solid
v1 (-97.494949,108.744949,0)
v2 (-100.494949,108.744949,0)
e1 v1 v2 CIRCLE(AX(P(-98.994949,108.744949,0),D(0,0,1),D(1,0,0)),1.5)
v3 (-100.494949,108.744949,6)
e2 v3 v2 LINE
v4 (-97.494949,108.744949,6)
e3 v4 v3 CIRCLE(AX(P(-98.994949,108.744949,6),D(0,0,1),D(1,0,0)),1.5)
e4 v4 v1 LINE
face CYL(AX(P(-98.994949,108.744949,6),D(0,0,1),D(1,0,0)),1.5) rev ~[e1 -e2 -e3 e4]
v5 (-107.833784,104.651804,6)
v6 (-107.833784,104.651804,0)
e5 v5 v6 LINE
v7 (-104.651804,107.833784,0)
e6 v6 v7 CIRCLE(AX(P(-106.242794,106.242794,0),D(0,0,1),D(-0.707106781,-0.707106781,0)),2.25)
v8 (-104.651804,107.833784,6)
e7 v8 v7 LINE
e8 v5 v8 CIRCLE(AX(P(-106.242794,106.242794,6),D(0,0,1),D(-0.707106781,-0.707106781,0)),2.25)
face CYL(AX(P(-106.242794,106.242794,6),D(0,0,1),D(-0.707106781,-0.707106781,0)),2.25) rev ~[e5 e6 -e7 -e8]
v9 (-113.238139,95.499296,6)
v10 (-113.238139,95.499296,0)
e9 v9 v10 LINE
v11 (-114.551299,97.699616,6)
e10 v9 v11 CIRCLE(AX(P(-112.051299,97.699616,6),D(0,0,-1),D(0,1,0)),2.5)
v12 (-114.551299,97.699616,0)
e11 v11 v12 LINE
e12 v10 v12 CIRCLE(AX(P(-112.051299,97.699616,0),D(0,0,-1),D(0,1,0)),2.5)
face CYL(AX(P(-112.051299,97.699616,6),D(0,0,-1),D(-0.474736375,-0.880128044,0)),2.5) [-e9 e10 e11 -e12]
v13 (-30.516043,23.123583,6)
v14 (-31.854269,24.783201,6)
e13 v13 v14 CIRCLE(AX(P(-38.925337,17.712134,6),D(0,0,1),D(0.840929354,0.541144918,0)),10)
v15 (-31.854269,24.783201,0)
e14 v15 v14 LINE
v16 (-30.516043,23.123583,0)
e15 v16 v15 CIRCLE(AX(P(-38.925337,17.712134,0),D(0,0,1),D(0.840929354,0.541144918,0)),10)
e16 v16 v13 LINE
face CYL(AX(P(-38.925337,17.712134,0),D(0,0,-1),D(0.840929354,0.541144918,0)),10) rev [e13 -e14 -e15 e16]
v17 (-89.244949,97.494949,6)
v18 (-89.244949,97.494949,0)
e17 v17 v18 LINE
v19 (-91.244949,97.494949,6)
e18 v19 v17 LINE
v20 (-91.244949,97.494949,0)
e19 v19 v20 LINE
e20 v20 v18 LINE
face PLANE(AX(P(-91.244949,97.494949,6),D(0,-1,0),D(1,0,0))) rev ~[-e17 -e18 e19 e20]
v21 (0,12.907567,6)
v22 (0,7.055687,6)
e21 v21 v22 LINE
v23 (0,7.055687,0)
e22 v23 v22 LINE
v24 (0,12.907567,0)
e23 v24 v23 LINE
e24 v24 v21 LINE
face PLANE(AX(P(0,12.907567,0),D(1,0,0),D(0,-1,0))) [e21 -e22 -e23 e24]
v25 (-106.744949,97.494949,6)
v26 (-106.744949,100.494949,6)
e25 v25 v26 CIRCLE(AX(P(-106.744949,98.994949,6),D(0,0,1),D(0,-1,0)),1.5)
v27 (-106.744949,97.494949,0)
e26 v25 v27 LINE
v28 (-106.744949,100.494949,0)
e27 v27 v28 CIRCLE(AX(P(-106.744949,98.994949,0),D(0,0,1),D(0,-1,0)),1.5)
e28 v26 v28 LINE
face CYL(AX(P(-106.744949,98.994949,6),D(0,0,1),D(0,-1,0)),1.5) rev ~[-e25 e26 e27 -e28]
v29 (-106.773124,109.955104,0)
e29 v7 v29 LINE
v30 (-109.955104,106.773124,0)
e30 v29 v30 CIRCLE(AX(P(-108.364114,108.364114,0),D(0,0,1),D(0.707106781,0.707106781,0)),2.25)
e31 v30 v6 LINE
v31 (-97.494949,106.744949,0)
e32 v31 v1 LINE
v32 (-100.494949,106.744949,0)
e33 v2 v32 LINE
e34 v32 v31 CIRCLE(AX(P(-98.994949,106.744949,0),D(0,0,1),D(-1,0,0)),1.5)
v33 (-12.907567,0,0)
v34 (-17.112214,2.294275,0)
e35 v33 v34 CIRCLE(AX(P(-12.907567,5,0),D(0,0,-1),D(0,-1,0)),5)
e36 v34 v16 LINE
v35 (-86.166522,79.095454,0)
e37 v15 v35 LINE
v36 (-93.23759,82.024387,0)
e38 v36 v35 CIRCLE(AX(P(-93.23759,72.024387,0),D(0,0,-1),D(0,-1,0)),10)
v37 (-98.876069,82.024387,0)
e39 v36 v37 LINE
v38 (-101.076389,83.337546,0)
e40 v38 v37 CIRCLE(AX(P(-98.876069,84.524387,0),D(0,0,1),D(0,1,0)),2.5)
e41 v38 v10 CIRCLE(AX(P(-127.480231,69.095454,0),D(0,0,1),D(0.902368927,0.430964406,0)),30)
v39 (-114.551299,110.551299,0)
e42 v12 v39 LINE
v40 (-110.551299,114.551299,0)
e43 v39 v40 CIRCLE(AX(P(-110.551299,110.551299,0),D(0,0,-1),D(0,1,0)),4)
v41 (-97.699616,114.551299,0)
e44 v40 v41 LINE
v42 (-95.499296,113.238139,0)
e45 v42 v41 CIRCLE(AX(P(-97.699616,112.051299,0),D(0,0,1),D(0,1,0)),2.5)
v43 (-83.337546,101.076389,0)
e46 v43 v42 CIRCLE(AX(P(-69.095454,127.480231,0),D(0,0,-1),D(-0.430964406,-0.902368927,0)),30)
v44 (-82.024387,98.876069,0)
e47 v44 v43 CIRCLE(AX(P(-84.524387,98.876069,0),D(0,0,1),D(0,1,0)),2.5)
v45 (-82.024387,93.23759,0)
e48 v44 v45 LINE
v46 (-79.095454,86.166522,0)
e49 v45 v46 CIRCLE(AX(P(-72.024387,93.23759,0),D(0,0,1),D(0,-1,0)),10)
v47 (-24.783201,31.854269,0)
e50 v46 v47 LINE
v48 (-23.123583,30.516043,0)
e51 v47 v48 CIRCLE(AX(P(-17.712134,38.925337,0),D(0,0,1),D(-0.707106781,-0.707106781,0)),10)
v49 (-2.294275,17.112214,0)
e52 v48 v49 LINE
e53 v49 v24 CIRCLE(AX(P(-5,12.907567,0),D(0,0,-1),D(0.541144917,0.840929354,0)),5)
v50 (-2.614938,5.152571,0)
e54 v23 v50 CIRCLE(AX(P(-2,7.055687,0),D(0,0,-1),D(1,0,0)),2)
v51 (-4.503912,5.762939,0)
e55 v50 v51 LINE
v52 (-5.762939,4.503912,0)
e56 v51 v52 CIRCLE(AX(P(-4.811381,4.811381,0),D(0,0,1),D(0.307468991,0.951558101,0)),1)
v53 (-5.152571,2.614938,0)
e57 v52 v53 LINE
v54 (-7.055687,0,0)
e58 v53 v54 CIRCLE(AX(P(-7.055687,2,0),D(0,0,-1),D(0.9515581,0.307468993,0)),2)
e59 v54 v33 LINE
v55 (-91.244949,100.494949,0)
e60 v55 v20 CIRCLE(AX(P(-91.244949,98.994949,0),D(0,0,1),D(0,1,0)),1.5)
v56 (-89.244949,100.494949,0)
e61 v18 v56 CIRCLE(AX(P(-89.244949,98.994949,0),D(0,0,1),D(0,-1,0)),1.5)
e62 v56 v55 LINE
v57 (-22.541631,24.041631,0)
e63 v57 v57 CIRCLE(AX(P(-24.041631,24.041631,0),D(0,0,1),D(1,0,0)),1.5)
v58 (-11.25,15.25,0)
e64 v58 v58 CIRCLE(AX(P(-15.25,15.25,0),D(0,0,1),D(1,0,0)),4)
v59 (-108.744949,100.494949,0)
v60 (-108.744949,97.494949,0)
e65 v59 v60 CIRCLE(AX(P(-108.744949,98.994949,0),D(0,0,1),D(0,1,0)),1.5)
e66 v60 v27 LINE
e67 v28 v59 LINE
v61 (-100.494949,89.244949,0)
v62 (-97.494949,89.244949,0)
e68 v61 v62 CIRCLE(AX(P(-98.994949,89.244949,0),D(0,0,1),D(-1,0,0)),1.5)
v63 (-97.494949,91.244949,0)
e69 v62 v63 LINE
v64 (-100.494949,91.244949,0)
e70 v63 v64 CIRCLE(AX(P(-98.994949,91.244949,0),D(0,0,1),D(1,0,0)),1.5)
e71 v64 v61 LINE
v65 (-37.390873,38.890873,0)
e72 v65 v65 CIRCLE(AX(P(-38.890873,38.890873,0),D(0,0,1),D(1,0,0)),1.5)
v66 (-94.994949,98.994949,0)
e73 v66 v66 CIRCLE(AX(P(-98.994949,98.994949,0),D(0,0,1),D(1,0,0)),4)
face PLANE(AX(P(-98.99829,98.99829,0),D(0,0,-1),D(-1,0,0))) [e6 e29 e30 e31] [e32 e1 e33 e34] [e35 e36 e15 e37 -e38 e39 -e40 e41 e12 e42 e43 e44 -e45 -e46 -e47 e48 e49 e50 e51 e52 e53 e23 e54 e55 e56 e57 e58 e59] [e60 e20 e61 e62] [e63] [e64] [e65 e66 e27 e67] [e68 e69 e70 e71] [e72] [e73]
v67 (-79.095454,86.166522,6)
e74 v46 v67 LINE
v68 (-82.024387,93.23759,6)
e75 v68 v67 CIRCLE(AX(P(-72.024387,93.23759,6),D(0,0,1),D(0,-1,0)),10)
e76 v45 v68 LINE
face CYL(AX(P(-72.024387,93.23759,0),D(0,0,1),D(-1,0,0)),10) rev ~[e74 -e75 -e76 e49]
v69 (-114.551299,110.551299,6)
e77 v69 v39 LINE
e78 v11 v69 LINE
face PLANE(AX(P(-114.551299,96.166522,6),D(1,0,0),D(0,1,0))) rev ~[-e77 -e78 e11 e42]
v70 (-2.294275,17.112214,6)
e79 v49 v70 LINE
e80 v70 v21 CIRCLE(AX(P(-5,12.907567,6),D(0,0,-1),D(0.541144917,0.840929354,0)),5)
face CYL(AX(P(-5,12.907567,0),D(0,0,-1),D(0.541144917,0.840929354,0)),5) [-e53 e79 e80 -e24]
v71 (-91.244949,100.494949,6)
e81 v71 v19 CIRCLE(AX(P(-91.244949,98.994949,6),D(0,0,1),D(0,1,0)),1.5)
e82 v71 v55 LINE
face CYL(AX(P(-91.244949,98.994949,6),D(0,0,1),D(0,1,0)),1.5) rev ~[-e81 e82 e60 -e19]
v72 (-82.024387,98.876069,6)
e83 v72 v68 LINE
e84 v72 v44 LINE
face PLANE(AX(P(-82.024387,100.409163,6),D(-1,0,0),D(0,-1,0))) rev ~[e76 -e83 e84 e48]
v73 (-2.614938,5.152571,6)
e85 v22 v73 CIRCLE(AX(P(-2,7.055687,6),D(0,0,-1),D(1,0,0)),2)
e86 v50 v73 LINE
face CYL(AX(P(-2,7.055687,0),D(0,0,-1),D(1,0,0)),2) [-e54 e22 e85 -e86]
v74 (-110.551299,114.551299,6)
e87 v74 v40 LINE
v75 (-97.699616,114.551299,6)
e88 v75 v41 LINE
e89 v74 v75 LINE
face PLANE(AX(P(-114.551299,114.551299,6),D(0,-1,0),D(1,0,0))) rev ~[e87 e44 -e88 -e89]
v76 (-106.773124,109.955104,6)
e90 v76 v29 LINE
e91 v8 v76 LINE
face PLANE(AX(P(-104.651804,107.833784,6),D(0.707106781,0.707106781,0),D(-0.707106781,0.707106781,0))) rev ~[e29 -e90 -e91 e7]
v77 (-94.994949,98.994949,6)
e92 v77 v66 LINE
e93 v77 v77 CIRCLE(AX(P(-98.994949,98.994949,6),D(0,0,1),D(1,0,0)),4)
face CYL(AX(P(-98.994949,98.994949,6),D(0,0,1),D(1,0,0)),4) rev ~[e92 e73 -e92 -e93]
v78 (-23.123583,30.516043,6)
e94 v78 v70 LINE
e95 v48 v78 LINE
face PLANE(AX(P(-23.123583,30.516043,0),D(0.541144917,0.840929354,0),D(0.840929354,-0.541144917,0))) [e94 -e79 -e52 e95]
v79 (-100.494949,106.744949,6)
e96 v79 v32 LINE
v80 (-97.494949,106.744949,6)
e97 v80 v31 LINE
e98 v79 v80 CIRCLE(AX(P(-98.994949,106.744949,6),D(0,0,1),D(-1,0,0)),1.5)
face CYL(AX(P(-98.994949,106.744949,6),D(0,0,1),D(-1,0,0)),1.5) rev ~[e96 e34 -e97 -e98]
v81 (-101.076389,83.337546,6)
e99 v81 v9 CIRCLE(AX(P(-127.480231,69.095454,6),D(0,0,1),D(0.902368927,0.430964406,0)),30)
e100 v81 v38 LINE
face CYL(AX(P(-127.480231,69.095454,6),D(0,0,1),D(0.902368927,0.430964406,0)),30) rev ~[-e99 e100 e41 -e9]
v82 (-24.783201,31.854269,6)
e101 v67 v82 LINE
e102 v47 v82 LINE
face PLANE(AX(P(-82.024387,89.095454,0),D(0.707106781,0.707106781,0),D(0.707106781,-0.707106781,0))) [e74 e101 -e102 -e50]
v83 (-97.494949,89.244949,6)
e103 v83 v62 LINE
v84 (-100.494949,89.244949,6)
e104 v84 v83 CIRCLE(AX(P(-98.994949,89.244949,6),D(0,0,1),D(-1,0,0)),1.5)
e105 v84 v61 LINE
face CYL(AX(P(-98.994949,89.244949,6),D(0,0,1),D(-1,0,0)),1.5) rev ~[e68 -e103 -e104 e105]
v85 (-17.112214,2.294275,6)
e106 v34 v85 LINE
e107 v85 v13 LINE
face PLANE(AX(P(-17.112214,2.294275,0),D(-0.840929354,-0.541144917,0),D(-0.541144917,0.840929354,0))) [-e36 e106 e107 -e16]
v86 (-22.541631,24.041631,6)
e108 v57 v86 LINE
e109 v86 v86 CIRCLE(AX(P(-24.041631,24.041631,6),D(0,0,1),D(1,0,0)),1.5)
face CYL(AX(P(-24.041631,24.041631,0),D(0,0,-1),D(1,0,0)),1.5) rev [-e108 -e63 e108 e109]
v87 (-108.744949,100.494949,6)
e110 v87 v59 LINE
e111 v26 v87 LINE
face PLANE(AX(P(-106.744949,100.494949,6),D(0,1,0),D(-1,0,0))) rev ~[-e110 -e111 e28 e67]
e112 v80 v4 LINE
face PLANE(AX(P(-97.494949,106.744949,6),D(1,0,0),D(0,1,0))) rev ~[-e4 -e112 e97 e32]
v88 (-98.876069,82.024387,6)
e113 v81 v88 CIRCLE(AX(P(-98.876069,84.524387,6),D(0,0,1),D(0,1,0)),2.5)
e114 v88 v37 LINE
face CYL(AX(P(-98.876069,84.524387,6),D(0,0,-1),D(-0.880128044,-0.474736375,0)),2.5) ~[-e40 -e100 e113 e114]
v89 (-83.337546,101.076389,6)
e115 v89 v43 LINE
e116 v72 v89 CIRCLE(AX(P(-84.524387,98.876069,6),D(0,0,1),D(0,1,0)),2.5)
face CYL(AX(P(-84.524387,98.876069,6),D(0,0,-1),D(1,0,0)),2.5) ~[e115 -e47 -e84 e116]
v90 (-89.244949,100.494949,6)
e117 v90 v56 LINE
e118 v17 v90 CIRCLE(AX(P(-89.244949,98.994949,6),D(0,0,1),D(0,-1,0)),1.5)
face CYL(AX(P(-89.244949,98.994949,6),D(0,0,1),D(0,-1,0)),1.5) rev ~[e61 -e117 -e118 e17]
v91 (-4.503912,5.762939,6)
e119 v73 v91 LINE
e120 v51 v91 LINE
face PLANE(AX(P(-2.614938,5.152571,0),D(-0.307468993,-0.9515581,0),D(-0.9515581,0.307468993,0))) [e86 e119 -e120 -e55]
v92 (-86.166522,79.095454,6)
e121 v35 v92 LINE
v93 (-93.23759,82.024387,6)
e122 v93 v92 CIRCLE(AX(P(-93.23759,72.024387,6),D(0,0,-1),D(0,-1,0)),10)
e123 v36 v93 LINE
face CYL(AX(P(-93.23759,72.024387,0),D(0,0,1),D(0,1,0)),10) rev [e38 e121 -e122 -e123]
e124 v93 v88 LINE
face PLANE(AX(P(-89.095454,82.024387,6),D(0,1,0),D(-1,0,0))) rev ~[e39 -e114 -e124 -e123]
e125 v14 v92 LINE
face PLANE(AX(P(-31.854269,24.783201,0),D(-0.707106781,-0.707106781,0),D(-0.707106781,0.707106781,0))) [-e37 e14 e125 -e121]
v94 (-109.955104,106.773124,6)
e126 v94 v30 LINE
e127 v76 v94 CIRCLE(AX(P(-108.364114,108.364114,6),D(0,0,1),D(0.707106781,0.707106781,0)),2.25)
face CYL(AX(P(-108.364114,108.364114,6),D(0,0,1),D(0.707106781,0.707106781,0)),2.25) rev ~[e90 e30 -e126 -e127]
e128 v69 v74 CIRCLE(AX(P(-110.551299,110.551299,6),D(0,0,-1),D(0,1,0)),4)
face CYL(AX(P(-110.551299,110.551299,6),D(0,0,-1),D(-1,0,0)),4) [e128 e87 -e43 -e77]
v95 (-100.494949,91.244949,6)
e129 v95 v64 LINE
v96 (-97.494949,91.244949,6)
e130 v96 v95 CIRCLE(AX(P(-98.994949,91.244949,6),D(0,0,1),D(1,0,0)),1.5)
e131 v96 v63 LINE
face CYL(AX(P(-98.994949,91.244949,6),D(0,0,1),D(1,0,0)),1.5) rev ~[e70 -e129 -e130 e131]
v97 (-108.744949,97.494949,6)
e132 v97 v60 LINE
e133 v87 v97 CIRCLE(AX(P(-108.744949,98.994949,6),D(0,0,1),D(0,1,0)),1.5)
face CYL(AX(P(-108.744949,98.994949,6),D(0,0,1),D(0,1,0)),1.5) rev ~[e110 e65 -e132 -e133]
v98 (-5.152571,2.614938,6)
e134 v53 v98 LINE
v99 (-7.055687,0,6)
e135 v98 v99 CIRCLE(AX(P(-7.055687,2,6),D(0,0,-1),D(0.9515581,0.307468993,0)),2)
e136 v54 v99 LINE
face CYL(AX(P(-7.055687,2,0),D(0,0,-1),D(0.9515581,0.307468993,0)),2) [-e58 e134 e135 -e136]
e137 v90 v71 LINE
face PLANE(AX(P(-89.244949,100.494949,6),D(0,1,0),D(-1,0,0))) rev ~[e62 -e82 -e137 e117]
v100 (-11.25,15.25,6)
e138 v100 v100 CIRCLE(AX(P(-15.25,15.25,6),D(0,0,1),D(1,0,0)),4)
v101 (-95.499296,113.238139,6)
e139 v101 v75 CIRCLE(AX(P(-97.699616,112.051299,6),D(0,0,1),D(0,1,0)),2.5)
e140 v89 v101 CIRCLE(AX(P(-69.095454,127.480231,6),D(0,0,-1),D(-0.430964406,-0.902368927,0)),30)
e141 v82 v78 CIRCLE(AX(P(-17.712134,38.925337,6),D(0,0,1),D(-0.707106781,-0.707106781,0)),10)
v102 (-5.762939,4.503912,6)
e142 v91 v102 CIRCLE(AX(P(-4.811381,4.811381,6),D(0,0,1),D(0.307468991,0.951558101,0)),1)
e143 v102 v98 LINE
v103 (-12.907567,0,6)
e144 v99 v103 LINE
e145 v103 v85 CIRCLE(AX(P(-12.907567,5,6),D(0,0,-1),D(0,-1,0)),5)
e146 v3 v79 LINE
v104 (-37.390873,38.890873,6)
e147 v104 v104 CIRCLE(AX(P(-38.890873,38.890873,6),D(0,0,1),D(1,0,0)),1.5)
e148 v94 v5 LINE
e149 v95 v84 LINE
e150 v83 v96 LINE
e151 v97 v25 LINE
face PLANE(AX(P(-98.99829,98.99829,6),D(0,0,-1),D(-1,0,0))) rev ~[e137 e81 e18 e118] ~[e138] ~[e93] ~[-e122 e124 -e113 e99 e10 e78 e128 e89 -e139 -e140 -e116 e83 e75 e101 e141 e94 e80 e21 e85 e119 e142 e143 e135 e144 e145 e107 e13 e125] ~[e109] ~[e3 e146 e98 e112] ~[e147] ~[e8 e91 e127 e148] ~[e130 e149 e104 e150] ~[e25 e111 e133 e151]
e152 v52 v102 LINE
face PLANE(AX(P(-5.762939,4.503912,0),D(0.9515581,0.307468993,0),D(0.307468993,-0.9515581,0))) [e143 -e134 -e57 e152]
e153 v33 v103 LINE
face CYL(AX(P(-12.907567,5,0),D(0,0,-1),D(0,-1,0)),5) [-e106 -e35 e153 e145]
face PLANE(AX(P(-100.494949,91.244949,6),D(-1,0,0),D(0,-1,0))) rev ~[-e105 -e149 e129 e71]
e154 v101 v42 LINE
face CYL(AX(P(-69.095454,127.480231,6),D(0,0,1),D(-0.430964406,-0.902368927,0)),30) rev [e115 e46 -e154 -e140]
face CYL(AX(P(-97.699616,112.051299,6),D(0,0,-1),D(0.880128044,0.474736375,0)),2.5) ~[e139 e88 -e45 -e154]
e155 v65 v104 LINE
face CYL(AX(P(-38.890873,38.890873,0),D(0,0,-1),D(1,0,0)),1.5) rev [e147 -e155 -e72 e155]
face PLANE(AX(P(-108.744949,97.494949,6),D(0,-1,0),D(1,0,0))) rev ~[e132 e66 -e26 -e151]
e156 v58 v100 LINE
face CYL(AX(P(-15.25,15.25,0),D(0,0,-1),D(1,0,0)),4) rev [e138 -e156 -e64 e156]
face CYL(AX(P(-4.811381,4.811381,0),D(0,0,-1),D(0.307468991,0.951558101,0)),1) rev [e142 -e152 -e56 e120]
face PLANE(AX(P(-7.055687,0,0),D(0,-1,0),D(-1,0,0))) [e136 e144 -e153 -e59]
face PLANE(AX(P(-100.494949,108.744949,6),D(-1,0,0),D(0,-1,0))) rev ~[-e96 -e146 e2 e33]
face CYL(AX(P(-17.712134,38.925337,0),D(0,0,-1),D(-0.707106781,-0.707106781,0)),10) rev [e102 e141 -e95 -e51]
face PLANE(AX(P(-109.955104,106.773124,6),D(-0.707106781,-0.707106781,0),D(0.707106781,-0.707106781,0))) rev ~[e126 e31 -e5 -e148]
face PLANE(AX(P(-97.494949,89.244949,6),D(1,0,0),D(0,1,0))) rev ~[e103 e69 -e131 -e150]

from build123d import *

# Parameters (mm, degrees)
CROQUIS1_R              = 1.5
CROQUIS1_R_2            = 4
SALIENTE_EXTRUIR1_DEPTH = 6
CROQUIS4_R              = 4
SALIENTE_EXTRUIR3_DEPTH = 6
CORTAR_EXTRUIR1_DEPTH   = 6
REDONDEO3_R             = 4
CORTAR_EXTRUIR2_DEPTH   = 6
REDONDEO4_R             = 2.5
REDONDEO6_R             = 10


with BuildPart() as part:
    # Croquis1 → Saliente-Extruir1 (new body)
    with BuildSketch(Plane.XY):
        with BuildLine():
            Line((-17.112213819, 2.294275414), (-30.516043414, 23.123582692))
            ThreePointArc((-30.516043414, 23.123582692), (-31.14080226, 23.989156666), (-31.854269143, 24.783201331))
            Line((-31.854269143, 24.783201331), (-45.961940777, 38.890872965))
            Line((-45.961940777, 38.890872965), (-89.09545443, 82.024386618))
            Line((-89.09545443, 82.024386618), (-82.024386618, 89.09545443))
            Line((-82.024386618, 89.09545443), (-38.890872965, 45.961940777))
            Line((-38.890872965, 45.961940777), (-24.783201331, 31.854269143))
            ThreePointArc((-24.783201331, 31.854269143), (-23.989156666, 31.14080226), (-23.123582692, 30.516043414))
            Line((-23.123582692, 30.516043414), (-2.294275414, 17.112213819))
            ThreePointArc((-2.294275414, 17.112213819), (-0.610887166, 15.302496804), (0, 12.907567049))
            Line((0, 12.907567049), (0, 7.055686841))
            ThreePointArc((0, 7.055686841), (-0.823113423, 5.438609853), (-2.614937985, 5.15257064))
            Line((-2.614937985, 5.15257064), (-4.503911831, 5.762938925))
            ThreePointArc((-4.503911831, 5.762938925), (-5.518487605, 5.518487605), (-5.762938925, 4.503911831))
            Line((-5.762938925, 4.503911831), (-5.15257064, 2.614937985))
            ThreePointArc((-5.15257064, 2.614937985), (-5.438609853, 0.823113423), (-7.055686841, 0))
            Line((-7.055686841, 0), (-12.907567049, 0))
            ThreePointArc((-12.907567049, 0), (-15.302496804, 0.610887166), (-17.112213819, 2.294275414))
        make_face()
        with Locations((-38.890872965, 38.890872965)):
            Circle(CROQUIS1_R, mode=Mode.SUBTRACT)
        with Locations((-24.04163056, 24.04163056)):
            Circle(CROQUIS1_R, mode=Mode.SUBTRACT)
        with Locations((-15.25, 15.25)):
            Circle(CROQUIS1_R_2, mode=Mode.SUBTRACT)
    extrude(amount=SALIENTE_EXTRUIR1_DEPTH)

    # Croquis4 → Saliente-Extruir3 (add)
    with BuildSketch(Plane.XY.offset(6)):
        Polygon((-89.09545443, 82.024386618), (-100.409162928, 82.024386618), (-114.551298552, 96.166522241), (-114.551298552, 114.551298552), (-96.166522241, 114.551298552), (-82.024386618, 100.409162928), (-82.024386618, 89.09545443), align=None)
        with Locations((-98.994949366, 98.994949366)):
            Circle(CROQUIS4_R, mode=Mode.SUBTRACT)
    extrude(amount=-SALIENTE_EXTRUIR3_DEPTH)

    # Croquis5 → Cortar-Extruir1 (cut)
    with BuildSketch(Plane.XY.offset(6)):
        with BuildLine():
            Line((-109.955104475, 106.773123959), (-107.833784131, 104.651803616))
            ThreePointArc((-107.833784131, 104.651803616), (-104.651803616, 104.651803616), (-104.651803616, 107.833784131))
            Line((-104.651803616, 107.833784131), (-106.773123959, 109.955104475))
            ThreePointArc((-106.773123959, 109.955104475), (-109.955104475, 109.955104475), (-109.955104475, 106.773123959))
        make_face()
        with BuildLine():
            Line((-100.494949366, 91.244949366), (-100.494949366, 89.244949366))
            ThreePointArc((-100.494949366, 89.244949366), (-98.994949366, 87.744949366), (-97.494949366, 89.244949366))
            Line((-97.494949366, 89.244949366), (-97.494949366, 91.244949366))
            ThreePointArc((-97.494949366, 91.244949366), (-98.994949366, 92.744949366), (-100.494949366, 91.244949366))
        make_face()
        with BuildLine():
            Line((-91.244949366, 97.494949366), (-89.244949366, 97.494949366))
            ThreePointArc((-89.244949366, 97.494949366), (-87.744949366, 98.994949366), (-89.244949366, 100.494949366))
            Line((-89.244949366, 100.494949366), (-91.244949366, 100.494949366))
            ThreePointArc((-91.244949366, 100.494949366), (-92.744949366, 98.994949366), (-91.244949366, 97.494949366))
        make_face()
        with BuildLine():
            Line((-106.744949366, 100.494949366), (-108.744949366, 100.494949366))
            ThreePointArc((-108.744949366, 100.494949366), (-110.244949366, 98.994949366), (-108.744949366, 97.494949366))
            Line((-108.744949366, 97.494949366), (-106.744949366, 97.494949366))
            ThreePointArc((-106.744949366, 97.494949366), (-105.244949366, 98.994949366), (-106.744949366, 100.494949366))
        make_face()
        with BuildLine():
            Line((-97.494949366, 106.744949366), (-97.494949366, 108.744949366))
            ThreePointArc((-97.494949366, 108.744949366), (-98.994949366, 110.244949366), (-100.494949366, 108.744949366))
            Line((-100.494949366, 108.744949366), (-100.494949366, 106.744949366))
            ThreePointArc((-100.494949366, 106.744949366), (-98.994949366, 105.244949366), (-97.494949366, 106.744949366))
        make_face()
    extrude(amount=-CORTAR_EXTRUIR1_DEPTH, mode=Mode.SUBTRACT)

    # Redondeo3
    redondeo3_edges = [part.edges().sort_by_distance(p)[0] for p in [
        (-114.551298552, 114.551298552, 3),
    ]]
    fillet(redondeo3_edges, radius=REDONDEO3_R)

    # Croquis7 → Cortar-Extruir2 (cut)
    with BuildSketch(Plane.XY.offset(6)):
        with BuildLine():
            Line((-114.551298552, 96.166522241), (-100.409162928, 82.024386618))
            ThreePointArc((-100.409162928, 82.024386618), (-106.267027305, 90.308657865), (-114.551298552, 96.166522241))
        make_face()
        with BuildLine():
            Line((-96.166522241, 114.551298552), (-82.024386618, 100.409162928))
            ThreePointArc((-82.024386618, 100.409162928), (-90.308657865, 106.267027305), (-96.166522241, 114.551298552))
        make_face()
    extrude(amount=-CORTAR_EXTRUIR2_DEPTH, mode=Mode.SUBTRACT)

    # Redondeo4
    redondeo4_edges = [part.edges().sort_by_distance(p)[0] for p in [
        (-100.409162928, 82.024386618, 3),
        (-114.551298552, 96.166522241, 3),
        (-96.166522241, 114.551298552, 3),
        (-82.024386618, 100.409162928, 3),
    ]]
    fillet(redondeo4_edges, radius=REDONDEO4_R)

    # Redondeo6
    redondeo6_edges = [part.edges().sort_by_distance(p)[0] for p in [
        (-89.09545443, 82.024386618, 3),
        (-82.024386618, 89.09545443, 3),
    ]]
    fillet(redondeo6_edges, radius=REDONDEO6_R)


solid = part.part
